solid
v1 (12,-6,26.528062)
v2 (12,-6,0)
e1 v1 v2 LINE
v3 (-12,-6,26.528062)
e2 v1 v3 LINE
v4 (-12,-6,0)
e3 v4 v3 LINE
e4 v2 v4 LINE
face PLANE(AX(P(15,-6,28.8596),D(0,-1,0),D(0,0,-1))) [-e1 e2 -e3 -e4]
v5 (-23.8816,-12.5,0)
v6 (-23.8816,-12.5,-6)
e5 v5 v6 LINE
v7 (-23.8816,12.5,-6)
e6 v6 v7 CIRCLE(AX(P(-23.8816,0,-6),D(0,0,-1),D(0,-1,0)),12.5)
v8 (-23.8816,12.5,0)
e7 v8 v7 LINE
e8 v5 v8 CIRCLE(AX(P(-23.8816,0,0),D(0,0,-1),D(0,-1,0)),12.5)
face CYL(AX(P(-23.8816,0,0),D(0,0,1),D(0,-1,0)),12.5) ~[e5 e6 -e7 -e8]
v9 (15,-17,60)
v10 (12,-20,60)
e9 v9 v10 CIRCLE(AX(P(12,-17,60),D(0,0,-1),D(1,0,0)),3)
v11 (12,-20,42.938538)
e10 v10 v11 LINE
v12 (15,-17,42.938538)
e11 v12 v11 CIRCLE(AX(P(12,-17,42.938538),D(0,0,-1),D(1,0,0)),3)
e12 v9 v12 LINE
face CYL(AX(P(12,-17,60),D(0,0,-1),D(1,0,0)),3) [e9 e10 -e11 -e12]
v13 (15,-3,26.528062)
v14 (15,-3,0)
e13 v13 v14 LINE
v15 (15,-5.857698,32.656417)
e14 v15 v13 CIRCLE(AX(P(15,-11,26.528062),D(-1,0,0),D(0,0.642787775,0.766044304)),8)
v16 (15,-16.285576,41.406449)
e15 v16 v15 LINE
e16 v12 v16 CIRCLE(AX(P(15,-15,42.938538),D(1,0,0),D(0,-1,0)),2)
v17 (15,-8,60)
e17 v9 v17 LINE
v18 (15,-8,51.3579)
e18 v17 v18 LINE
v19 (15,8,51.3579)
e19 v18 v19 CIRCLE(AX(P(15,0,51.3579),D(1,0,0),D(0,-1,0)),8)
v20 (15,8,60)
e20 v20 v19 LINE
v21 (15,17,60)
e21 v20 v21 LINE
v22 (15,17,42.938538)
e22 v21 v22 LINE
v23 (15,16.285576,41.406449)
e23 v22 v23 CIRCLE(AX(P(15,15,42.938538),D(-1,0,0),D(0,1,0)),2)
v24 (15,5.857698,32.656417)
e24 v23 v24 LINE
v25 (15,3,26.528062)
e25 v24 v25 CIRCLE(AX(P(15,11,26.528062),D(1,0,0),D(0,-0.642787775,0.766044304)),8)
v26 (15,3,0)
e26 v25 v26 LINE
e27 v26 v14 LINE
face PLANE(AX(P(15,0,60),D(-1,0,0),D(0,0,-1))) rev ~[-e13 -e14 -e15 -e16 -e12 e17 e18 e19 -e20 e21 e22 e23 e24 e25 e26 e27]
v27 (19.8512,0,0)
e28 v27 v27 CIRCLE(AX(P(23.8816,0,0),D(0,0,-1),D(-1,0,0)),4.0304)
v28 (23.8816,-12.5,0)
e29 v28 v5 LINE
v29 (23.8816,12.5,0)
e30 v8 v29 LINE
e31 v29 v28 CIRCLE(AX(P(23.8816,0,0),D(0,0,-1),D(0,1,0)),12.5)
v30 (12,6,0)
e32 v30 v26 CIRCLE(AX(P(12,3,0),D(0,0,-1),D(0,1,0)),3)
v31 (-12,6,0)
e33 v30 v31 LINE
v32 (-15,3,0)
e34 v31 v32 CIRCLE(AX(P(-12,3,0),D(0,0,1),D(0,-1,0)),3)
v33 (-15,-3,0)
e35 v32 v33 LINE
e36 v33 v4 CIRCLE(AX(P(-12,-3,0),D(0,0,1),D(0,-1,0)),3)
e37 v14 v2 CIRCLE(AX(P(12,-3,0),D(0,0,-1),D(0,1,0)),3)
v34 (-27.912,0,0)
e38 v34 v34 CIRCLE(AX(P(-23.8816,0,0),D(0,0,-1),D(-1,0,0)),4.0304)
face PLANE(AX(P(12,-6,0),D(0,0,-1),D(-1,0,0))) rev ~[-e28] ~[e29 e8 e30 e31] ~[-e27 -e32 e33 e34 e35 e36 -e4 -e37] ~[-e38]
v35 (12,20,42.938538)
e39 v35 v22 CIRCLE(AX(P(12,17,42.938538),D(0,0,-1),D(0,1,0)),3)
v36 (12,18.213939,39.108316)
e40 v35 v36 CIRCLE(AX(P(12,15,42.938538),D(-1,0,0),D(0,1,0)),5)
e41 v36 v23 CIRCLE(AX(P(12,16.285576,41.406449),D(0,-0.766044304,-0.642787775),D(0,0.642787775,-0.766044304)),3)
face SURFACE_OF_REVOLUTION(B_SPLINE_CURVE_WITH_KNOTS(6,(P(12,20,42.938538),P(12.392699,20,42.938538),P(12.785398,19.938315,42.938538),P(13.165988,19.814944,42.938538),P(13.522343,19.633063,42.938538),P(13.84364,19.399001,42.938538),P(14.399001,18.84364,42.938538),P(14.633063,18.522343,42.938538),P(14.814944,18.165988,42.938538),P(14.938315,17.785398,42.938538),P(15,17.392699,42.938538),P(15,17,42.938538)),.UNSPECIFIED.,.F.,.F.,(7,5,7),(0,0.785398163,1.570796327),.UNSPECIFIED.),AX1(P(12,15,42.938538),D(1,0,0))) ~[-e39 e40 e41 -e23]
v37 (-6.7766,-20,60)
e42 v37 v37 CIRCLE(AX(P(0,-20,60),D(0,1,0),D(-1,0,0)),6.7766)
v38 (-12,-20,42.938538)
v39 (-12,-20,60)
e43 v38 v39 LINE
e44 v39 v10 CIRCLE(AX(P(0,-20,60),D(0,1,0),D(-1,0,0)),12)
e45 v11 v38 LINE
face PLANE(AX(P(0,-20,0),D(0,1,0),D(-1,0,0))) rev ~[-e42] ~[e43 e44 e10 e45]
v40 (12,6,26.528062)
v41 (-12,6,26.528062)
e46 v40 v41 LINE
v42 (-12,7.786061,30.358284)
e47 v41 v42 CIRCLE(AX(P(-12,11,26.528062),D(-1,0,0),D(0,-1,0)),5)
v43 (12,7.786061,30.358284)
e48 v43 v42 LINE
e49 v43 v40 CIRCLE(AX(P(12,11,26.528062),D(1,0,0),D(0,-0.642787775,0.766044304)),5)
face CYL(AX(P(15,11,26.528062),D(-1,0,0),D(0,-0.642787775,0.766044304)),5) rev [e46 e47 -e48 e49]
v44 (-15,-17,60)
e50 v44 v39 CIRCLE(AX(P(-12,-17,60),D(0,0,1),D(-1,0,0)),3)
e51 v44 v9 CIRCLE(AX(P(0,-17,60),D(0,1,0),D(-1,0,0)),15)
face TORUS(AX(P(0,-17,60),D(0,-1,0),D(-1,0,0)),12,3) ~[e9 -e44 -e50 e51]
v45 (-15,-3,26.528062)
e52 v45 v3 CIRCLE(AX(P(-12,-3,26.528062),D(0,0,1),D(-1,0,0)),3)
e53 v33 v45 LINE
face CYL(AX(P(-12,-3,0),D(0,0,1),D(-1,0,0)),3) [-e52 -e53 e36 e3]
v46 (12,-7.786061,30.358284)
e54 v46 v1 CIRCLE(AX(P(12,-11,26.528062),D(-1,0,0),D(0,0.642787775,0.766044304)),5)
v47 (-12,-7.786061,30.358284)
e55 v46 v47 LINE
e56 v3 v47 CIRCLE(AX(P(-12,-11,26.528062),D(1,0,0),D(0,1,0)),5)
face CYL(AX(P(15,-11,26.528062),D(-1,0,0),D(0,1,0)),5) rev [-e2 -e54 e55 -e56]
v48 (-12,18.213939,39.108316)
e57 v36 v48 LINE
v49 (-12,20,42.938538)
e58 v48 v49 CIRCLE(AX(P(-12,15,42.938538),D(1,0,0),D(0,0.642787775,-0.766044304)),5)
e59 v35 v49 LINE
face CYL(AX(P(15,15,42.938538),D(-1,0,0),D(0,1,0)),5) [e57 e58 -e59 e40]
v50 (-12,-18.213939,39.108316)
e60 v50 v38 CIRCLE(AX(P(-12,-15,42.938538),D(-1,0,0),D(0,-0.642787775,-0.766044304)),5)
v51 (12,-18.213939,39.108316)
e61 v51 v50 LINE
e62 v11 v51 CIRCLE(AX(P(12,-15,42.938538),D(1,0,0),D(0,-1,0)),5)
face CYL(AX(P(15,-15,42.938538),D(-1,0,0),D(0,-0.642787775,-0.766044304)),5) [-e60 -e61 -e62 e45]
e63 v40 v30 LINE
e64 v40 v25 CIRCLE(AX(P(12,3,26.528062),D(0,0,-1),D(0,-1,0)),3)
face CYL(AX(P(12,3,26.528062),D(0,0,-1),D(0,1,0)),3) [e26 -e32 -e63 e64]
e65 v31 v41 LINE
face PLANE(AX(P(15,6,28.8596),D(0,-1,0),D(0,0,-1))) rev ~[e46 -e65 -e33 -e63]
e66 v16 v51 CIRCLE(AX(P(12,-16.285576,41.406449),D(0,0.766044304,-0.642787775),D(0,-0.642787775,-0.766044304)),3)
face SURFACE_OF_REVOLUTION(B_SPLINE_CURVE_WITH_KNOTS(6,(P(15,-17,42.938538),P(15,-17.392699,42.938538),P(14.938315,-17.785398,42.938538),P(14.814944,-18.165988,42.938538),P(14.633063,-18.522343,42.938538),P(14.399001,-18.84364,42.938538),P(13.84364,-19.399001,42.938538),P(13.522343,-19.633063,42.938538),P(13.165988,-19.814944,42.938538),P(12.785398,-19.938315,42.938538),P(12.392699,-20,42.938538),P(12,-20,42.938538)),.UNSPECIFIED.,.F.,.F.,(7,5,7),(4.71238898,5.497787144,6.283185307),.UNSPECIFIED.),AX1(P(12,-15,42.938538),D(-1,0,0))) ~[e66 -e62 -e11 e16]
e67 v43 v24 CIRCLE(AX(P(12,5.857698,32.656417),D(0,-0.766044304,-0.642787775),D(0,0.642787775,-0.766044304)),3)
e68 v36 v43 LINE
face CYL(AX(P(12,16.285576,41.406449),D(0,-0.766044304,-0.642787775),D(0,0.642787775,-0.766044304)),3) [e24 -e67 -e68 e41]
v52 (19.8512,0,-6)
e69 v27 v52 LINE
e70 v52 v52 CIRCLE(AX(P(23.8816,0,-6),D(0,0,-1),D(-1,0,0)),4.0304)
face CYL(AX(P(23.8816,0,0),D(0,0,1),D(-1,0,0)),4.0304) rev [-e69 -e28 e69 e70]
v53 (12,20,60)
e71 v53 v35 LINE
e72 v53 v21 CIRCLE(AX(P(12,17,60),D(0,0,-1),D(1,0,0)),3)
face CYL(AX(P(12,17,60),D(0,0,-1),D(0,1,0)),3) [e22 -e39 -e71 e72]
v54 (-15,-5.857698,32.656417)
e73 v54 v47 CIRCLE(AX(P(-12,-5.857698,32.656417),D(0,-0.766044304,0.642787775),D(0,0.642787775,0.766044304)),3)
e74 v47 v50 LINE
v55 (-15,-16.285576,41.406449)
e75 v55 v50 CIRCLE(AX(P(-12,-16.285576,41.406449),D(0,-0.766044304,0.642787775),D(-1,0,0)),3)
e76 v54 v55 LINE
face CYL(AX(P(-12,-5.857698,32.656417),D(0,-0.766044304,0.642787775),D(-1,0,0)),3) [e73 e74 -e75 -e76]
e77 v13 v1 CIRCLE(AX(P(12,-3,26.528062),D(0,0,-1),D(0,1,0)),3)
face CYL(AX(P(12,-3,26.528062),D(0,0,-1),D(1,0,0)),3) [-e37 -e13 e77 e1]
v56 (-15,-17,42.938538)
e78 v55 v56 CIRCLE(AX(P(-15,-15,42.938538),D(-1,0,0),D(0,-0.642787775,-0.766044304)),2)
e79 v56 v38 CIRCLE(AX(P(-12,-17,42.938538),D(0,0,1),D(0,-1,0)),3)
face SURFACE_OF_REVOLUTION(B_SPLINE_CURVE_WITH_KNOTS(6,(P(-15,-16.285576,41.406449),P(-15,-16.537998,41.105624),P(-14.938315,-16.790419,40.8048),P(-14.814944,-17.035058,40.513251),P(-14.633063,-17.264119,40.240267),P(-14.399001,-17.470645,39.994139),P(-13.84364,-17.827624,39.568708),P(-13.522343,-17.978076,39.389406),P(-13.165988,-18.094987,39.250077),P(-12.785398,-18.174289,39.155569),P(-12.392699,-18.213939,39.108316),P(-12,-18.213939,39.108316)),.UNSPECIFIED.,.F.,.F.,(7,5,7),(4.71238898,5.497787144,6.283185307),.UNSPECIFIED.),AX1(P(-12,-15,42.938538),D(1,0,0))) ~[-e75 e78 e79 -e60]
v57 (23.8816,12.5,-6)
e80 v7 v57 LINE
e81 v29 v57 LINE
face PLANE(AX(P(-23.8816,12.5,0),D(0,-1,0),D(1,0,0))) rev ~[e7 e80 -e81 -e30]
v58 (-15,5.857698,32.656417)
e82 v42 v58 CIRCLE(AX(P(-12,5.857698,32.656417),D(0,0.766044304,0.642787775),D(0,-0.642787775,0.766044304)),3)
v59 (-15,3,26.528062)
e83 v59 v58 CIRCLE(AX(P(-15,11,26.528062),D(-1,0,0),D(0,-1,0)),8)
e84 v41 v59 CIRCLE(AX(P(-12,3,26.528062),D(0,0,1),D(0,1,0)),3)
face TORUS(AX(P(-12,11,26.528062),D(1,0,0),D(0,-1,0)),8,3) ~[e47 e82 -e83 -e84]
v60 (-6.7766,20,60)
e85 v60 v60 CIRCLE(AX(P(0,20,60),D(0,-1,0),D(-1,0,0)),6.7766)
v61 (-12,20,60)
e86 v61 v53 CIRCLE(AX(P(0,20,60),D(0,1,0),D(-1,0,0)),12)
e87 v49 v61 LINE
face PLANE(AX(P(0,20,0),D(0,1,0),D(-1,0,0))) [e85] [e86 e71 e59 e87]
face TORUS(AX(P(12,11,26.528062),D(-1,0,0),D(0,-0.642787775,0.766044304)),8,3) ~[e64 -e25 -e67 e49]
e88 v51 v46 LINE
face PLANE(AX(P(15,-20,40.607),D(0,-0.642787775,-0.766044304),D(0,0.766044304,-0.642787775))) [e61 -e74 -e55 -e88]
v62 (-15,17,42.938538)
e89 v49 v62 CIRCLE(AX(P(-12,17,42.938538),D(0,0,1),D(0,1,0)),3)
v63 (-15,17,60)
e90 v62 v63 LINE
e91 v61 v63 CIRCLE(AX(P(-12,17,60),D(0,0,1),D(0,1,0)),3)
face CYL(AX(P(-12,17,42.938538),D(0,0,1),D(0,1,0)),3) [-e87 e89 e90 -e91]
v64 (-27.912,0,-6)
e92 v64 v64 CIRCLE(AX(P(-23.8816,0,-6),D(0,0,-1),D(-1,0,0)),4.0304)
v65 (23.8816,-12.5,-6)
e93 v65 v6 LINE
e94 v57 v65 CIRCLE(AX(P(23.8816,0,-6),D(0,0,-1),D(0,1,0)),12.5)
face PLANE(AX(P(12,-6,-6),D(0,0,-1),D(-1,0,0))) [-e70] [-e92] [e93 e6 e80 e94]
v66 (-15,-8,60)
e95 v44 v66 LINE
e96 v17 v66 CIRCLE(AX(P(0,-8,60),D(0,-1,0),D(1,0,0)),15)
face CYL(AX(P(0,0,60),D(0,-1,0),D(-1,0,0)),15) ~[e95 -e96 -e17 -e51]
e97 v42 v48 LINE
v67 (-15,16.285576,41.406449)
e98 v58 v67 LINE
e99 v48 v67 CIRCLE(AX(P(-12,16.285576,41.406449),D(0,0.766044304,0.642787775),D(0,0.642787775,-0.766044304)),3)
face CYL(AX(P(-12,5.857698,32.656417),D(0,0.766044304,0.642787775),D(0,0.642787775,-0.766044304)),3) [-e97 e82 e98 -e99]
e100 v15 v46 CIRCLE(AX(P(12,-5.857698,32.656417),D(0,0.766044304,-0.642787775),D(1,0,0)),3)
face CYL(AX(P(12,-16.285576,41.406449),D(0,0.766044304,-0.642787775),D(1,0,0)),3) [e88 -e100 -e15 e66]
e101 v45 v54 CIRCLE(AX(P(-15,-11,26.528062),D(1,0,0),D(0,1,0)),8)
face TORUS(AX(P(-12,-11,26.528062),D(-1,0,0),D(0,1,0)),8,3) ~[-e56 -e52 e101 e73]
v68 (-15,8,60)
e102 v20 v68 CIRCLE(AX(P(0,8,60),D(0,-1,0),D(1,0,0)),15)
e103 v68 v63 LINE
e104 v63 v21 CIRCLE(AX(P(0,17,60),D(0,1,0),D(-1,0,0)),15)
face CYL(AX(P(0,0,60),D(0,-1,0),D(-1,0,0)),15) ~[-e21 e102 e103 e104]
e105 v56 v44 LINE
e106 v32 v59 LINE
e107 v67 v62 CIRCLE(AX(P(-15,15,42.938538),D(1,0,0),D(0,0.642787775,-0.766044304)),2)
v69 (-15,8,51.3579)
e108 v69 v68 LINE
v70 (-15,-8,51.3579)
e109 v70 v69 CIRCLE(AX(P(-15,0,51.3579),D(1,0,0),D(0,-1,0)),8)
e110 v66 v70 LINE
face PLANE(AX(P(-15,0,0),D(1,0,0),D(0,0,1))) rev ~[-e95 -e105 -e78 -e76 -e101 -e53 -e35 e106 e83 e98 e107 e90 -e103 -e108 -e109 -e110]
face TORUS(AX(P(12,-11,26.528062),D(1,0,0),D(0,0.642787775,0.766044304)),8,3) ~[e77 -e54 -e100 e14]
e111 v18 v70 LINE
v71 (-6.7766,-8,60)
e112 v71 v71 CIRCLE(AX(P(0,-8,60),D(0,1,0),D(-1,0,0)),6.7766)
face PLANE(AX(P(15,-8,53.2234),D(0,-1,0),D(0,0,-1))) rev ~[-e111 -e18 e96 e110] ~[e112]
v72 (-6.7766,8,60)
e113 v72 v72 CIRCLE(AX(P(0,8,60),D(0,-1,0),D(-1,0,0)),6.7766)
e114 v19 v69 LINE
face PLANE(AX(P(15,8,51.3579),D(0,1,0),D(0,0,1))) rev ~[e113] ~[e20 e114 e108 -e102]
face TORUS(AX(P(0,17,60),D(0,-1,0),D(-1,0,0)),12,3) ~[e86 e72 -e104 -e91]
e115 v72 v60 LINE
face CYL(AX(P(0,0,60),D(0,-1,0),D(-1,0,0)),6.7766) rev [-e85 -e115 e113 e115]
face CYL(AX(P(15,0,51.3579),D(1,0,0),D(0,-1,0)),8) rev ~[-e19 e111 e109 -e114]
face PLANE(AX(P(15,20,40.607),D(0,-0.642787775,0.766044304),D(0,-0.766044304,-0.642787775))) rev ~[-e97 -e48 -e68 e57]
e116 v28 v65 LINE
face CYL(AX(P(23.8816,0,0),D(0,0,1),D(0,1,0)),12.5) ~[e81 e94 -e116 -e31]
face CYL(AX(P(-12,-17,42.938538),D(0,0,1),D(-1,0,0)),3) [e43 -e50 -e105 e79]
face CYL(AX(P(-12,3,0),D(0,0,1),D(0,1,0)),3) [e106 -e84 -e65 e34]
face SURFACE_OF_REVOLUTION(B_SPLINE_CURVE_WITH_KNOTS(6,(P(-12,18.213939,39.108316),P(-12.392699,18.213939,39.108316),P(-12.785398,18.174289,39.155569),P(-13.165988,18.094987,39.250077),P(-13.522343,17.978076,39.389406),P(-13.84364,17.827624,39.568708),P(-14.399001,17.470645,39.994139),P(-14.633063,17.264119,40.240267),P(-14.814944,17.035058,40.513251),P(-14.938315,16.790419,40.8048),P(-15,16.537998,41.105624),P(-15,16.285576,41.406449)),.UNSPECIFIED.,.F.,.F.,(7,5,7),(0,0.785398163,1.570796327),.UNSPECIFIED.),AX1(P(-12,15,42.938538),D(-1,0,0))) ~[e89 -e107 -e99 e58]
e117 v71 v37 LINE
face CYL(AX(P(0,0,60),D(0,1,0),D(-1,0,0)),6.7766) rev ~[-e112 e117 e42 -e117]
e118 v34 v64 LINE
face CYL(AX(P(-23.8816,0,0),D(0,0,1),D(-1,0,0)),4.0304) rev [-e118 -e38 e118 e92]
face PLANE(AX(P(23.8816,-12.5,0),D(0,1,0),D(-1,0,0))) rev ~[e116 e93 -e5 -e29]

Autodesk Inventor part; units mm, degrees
ref_plane "YZ Plane" through (0, 0, 0) normal (1, 0, 0) x (0, 1, 0)
ref_plane "XZ Plane" through (0, 0, 0) normal (0, 1, 0) x (-1, 0, 0)
ref_plane "XY Plane" through (0, 0, 0) normal (0, 0, 1) x (1, 0, 0)
sketch "Sketch1" plane through (0, 0, 0) normal (0, 1, 0) x (-1, 0, 0)
  arc A0 (15, 60) -> (-15, 60) centre (0, 60) ccw
  line L0 (-15, 60) -> (-15, 0)
  line L1 (-15, 0) -> (15, 0)
  line L2 (15, 0) -> (15, 60)
  line L3 (21, 0) -> (-21, 0) projected
  line L4 (0, -15) -> (0, 90) projected
  circle A1 centre (0, 60) radius 6.7766
  point P0 (0, 0)
  dimension "d0" = 30
  dimension "d1" = 60
  dimension "d2" = 15
extrude "Extrusion1" add sketch "Sketch1" along normal mid plane 40 contours L2 L1 L4 A1 A0 | L4 A1 L1 L0 A0
sketch "Sketch2" plane through (15, -20, 0) normal (1, 0, 0) x (0, 0, -1)
  line L0 (0, 0) -> (0, 40) projected
  line L1 (-60, 40) -> (0, 40) projected
  line L2 (0, 0) -> (-60, 0) projected
  line L3 (-60, 40) -> (-60, 40) projected
  line L4 (-60, 0) -> (-60, 0) projected
  line L5 (-75, 0) -> (-75, 40) projected
  line L6 (-75, 12) -> (-51.3579, 12)
  line L7 (-51.3579, 28) -> (-75, 28)
  line L8 (-75, 28) -> (-75, 12)
  line L9 (-53.2234, 0) -> (-66.7766, 0) projected
  line L10 (-93.6547, 20) -> (5.2074, 20) construction
  line L11 (-40.607, 0) -> (-28.8596, 14)
  line L12 (-28.8596, 14) -> (0, 14)
  line L13 (0, 0) -> (0, 40) construction
  line L14 (-40.607, 40) -> (-28.8596, 26)
  line L15 (-28.8596, 26) -> (0, 26)
  line L16 (0, 0) -> (-60, 0) construction
  line L17 (-60, 40) -> (0, 40) construction
  arc A0 (-51.3579, 12) -> (-51.3579, 28) centre (-51.3579, 20) ccw
  line L18 (-53.2234, 0) -> (-66.7766, 0) projected
  line L19 (-66.7766, 40) -> (-53.2234, 40) projected
  line L20 (-53.2234, 40) -> (-53.2234, 0) projected
  point P0 (0, 20)
  point P1 (-75, 20)
  point P2 (0, 20)
  point P3 (-40.607, 0)
  dimension "d5" = 130
  dimension "d6" = 12
  dimension "d7" = 16
  dimension "d8" = 8
extrude "Extrusion2" cut sketch "Sketch2" against normal blind 40 contours L2 L11 L12 L0 | L15 L14 L1 L0 | L20 L7 A0 L6 | L6 L5 L7 L20
fillet "Fillet1" radius 5 4 edges at (0, -20, 40.607) (0, -6, 28.8596) (0, 6, 28.8596) (0, 20, 40.607)
fillet "Fillet2" radius 3 22 edges at (-15, -20, 51.4693) (-15, -19.5315, 40.8254) (-15, -13, 34.7333) (-15, -6.4685, 28.6411) (-15, -6, 13.264) (15, -20, 51.4693) (15, -19.5315, 40.8254) (15, -13, 34.7333) (15, -6.4685, 28.6411) (15, -6, 13.264) (0, -20, 75) (15, 20, 51.4693) (15, 19.5315, 40.8254) (15, 13, 34.7333) (15, 6.4685, 28.6411) (15, 6, 13.264) (-15, 20, 51.4693) (-15, 19.5315, 40.8254) (-15, 13, 34.7333) (-15, 6.4685, 28.6411) (-15, 6, 13.264) (0, 20, 75)
sketch "Sketch3" plane through (12, -6, 0) normal (0, 0, -1) x (-1, 0, 0)
  arc A0 (0, 12) -> (-3, 9) centre (0, 9) ccw projected
  line L0 (-3, 3) -> (-3, 9) projected
  arc A1 (-3, 3) -> (0, 0) centre (0, 3) ccw projected
  line L1 (0, 0) -> (24, 0) projected
  arc A2 (24, 0) -> (27, 3) centre (24, 3) ccw projected
  line L2 (27, 9) -> (27, 3) projected
  arc A3 (27, 9) -> (24, 12) centre (24, 9) ccw projected
  line L3 (24, 12) -> (0, 12) projected
  line L4 (-11.8816, 6) -> (35.8816, 6) construction
  line L5 (-11.8816, -6.5) -> (35.8816, -6.5)
  line L6 (35.8816, 18.5) -> (-11.8816, 18.5)
  arc A4 (-11.8816, 18.5) -> (-11.8816, -6.5) centre (-11.8816, 6) ccw
  arc A5 (35.8816, -6.5) -> (35.8816, 18.5) centre (35.8816, 6) ccw
  circle A6 centre (35.8816, 6) radius 4.0304
  circle A7 centre (-11.8816, 6) radius 4.0304
  point P0 (12, 6)
  point P1 (12, 6)
  dimension "d13" = 25
extrude "Extrusion3" add sketch "Sketch3" along normal blind 6 contours L3 A3 L2 A2 L1 A1 L0 A0 | A4 L6 A5 L5
properties part number "Fitting"
